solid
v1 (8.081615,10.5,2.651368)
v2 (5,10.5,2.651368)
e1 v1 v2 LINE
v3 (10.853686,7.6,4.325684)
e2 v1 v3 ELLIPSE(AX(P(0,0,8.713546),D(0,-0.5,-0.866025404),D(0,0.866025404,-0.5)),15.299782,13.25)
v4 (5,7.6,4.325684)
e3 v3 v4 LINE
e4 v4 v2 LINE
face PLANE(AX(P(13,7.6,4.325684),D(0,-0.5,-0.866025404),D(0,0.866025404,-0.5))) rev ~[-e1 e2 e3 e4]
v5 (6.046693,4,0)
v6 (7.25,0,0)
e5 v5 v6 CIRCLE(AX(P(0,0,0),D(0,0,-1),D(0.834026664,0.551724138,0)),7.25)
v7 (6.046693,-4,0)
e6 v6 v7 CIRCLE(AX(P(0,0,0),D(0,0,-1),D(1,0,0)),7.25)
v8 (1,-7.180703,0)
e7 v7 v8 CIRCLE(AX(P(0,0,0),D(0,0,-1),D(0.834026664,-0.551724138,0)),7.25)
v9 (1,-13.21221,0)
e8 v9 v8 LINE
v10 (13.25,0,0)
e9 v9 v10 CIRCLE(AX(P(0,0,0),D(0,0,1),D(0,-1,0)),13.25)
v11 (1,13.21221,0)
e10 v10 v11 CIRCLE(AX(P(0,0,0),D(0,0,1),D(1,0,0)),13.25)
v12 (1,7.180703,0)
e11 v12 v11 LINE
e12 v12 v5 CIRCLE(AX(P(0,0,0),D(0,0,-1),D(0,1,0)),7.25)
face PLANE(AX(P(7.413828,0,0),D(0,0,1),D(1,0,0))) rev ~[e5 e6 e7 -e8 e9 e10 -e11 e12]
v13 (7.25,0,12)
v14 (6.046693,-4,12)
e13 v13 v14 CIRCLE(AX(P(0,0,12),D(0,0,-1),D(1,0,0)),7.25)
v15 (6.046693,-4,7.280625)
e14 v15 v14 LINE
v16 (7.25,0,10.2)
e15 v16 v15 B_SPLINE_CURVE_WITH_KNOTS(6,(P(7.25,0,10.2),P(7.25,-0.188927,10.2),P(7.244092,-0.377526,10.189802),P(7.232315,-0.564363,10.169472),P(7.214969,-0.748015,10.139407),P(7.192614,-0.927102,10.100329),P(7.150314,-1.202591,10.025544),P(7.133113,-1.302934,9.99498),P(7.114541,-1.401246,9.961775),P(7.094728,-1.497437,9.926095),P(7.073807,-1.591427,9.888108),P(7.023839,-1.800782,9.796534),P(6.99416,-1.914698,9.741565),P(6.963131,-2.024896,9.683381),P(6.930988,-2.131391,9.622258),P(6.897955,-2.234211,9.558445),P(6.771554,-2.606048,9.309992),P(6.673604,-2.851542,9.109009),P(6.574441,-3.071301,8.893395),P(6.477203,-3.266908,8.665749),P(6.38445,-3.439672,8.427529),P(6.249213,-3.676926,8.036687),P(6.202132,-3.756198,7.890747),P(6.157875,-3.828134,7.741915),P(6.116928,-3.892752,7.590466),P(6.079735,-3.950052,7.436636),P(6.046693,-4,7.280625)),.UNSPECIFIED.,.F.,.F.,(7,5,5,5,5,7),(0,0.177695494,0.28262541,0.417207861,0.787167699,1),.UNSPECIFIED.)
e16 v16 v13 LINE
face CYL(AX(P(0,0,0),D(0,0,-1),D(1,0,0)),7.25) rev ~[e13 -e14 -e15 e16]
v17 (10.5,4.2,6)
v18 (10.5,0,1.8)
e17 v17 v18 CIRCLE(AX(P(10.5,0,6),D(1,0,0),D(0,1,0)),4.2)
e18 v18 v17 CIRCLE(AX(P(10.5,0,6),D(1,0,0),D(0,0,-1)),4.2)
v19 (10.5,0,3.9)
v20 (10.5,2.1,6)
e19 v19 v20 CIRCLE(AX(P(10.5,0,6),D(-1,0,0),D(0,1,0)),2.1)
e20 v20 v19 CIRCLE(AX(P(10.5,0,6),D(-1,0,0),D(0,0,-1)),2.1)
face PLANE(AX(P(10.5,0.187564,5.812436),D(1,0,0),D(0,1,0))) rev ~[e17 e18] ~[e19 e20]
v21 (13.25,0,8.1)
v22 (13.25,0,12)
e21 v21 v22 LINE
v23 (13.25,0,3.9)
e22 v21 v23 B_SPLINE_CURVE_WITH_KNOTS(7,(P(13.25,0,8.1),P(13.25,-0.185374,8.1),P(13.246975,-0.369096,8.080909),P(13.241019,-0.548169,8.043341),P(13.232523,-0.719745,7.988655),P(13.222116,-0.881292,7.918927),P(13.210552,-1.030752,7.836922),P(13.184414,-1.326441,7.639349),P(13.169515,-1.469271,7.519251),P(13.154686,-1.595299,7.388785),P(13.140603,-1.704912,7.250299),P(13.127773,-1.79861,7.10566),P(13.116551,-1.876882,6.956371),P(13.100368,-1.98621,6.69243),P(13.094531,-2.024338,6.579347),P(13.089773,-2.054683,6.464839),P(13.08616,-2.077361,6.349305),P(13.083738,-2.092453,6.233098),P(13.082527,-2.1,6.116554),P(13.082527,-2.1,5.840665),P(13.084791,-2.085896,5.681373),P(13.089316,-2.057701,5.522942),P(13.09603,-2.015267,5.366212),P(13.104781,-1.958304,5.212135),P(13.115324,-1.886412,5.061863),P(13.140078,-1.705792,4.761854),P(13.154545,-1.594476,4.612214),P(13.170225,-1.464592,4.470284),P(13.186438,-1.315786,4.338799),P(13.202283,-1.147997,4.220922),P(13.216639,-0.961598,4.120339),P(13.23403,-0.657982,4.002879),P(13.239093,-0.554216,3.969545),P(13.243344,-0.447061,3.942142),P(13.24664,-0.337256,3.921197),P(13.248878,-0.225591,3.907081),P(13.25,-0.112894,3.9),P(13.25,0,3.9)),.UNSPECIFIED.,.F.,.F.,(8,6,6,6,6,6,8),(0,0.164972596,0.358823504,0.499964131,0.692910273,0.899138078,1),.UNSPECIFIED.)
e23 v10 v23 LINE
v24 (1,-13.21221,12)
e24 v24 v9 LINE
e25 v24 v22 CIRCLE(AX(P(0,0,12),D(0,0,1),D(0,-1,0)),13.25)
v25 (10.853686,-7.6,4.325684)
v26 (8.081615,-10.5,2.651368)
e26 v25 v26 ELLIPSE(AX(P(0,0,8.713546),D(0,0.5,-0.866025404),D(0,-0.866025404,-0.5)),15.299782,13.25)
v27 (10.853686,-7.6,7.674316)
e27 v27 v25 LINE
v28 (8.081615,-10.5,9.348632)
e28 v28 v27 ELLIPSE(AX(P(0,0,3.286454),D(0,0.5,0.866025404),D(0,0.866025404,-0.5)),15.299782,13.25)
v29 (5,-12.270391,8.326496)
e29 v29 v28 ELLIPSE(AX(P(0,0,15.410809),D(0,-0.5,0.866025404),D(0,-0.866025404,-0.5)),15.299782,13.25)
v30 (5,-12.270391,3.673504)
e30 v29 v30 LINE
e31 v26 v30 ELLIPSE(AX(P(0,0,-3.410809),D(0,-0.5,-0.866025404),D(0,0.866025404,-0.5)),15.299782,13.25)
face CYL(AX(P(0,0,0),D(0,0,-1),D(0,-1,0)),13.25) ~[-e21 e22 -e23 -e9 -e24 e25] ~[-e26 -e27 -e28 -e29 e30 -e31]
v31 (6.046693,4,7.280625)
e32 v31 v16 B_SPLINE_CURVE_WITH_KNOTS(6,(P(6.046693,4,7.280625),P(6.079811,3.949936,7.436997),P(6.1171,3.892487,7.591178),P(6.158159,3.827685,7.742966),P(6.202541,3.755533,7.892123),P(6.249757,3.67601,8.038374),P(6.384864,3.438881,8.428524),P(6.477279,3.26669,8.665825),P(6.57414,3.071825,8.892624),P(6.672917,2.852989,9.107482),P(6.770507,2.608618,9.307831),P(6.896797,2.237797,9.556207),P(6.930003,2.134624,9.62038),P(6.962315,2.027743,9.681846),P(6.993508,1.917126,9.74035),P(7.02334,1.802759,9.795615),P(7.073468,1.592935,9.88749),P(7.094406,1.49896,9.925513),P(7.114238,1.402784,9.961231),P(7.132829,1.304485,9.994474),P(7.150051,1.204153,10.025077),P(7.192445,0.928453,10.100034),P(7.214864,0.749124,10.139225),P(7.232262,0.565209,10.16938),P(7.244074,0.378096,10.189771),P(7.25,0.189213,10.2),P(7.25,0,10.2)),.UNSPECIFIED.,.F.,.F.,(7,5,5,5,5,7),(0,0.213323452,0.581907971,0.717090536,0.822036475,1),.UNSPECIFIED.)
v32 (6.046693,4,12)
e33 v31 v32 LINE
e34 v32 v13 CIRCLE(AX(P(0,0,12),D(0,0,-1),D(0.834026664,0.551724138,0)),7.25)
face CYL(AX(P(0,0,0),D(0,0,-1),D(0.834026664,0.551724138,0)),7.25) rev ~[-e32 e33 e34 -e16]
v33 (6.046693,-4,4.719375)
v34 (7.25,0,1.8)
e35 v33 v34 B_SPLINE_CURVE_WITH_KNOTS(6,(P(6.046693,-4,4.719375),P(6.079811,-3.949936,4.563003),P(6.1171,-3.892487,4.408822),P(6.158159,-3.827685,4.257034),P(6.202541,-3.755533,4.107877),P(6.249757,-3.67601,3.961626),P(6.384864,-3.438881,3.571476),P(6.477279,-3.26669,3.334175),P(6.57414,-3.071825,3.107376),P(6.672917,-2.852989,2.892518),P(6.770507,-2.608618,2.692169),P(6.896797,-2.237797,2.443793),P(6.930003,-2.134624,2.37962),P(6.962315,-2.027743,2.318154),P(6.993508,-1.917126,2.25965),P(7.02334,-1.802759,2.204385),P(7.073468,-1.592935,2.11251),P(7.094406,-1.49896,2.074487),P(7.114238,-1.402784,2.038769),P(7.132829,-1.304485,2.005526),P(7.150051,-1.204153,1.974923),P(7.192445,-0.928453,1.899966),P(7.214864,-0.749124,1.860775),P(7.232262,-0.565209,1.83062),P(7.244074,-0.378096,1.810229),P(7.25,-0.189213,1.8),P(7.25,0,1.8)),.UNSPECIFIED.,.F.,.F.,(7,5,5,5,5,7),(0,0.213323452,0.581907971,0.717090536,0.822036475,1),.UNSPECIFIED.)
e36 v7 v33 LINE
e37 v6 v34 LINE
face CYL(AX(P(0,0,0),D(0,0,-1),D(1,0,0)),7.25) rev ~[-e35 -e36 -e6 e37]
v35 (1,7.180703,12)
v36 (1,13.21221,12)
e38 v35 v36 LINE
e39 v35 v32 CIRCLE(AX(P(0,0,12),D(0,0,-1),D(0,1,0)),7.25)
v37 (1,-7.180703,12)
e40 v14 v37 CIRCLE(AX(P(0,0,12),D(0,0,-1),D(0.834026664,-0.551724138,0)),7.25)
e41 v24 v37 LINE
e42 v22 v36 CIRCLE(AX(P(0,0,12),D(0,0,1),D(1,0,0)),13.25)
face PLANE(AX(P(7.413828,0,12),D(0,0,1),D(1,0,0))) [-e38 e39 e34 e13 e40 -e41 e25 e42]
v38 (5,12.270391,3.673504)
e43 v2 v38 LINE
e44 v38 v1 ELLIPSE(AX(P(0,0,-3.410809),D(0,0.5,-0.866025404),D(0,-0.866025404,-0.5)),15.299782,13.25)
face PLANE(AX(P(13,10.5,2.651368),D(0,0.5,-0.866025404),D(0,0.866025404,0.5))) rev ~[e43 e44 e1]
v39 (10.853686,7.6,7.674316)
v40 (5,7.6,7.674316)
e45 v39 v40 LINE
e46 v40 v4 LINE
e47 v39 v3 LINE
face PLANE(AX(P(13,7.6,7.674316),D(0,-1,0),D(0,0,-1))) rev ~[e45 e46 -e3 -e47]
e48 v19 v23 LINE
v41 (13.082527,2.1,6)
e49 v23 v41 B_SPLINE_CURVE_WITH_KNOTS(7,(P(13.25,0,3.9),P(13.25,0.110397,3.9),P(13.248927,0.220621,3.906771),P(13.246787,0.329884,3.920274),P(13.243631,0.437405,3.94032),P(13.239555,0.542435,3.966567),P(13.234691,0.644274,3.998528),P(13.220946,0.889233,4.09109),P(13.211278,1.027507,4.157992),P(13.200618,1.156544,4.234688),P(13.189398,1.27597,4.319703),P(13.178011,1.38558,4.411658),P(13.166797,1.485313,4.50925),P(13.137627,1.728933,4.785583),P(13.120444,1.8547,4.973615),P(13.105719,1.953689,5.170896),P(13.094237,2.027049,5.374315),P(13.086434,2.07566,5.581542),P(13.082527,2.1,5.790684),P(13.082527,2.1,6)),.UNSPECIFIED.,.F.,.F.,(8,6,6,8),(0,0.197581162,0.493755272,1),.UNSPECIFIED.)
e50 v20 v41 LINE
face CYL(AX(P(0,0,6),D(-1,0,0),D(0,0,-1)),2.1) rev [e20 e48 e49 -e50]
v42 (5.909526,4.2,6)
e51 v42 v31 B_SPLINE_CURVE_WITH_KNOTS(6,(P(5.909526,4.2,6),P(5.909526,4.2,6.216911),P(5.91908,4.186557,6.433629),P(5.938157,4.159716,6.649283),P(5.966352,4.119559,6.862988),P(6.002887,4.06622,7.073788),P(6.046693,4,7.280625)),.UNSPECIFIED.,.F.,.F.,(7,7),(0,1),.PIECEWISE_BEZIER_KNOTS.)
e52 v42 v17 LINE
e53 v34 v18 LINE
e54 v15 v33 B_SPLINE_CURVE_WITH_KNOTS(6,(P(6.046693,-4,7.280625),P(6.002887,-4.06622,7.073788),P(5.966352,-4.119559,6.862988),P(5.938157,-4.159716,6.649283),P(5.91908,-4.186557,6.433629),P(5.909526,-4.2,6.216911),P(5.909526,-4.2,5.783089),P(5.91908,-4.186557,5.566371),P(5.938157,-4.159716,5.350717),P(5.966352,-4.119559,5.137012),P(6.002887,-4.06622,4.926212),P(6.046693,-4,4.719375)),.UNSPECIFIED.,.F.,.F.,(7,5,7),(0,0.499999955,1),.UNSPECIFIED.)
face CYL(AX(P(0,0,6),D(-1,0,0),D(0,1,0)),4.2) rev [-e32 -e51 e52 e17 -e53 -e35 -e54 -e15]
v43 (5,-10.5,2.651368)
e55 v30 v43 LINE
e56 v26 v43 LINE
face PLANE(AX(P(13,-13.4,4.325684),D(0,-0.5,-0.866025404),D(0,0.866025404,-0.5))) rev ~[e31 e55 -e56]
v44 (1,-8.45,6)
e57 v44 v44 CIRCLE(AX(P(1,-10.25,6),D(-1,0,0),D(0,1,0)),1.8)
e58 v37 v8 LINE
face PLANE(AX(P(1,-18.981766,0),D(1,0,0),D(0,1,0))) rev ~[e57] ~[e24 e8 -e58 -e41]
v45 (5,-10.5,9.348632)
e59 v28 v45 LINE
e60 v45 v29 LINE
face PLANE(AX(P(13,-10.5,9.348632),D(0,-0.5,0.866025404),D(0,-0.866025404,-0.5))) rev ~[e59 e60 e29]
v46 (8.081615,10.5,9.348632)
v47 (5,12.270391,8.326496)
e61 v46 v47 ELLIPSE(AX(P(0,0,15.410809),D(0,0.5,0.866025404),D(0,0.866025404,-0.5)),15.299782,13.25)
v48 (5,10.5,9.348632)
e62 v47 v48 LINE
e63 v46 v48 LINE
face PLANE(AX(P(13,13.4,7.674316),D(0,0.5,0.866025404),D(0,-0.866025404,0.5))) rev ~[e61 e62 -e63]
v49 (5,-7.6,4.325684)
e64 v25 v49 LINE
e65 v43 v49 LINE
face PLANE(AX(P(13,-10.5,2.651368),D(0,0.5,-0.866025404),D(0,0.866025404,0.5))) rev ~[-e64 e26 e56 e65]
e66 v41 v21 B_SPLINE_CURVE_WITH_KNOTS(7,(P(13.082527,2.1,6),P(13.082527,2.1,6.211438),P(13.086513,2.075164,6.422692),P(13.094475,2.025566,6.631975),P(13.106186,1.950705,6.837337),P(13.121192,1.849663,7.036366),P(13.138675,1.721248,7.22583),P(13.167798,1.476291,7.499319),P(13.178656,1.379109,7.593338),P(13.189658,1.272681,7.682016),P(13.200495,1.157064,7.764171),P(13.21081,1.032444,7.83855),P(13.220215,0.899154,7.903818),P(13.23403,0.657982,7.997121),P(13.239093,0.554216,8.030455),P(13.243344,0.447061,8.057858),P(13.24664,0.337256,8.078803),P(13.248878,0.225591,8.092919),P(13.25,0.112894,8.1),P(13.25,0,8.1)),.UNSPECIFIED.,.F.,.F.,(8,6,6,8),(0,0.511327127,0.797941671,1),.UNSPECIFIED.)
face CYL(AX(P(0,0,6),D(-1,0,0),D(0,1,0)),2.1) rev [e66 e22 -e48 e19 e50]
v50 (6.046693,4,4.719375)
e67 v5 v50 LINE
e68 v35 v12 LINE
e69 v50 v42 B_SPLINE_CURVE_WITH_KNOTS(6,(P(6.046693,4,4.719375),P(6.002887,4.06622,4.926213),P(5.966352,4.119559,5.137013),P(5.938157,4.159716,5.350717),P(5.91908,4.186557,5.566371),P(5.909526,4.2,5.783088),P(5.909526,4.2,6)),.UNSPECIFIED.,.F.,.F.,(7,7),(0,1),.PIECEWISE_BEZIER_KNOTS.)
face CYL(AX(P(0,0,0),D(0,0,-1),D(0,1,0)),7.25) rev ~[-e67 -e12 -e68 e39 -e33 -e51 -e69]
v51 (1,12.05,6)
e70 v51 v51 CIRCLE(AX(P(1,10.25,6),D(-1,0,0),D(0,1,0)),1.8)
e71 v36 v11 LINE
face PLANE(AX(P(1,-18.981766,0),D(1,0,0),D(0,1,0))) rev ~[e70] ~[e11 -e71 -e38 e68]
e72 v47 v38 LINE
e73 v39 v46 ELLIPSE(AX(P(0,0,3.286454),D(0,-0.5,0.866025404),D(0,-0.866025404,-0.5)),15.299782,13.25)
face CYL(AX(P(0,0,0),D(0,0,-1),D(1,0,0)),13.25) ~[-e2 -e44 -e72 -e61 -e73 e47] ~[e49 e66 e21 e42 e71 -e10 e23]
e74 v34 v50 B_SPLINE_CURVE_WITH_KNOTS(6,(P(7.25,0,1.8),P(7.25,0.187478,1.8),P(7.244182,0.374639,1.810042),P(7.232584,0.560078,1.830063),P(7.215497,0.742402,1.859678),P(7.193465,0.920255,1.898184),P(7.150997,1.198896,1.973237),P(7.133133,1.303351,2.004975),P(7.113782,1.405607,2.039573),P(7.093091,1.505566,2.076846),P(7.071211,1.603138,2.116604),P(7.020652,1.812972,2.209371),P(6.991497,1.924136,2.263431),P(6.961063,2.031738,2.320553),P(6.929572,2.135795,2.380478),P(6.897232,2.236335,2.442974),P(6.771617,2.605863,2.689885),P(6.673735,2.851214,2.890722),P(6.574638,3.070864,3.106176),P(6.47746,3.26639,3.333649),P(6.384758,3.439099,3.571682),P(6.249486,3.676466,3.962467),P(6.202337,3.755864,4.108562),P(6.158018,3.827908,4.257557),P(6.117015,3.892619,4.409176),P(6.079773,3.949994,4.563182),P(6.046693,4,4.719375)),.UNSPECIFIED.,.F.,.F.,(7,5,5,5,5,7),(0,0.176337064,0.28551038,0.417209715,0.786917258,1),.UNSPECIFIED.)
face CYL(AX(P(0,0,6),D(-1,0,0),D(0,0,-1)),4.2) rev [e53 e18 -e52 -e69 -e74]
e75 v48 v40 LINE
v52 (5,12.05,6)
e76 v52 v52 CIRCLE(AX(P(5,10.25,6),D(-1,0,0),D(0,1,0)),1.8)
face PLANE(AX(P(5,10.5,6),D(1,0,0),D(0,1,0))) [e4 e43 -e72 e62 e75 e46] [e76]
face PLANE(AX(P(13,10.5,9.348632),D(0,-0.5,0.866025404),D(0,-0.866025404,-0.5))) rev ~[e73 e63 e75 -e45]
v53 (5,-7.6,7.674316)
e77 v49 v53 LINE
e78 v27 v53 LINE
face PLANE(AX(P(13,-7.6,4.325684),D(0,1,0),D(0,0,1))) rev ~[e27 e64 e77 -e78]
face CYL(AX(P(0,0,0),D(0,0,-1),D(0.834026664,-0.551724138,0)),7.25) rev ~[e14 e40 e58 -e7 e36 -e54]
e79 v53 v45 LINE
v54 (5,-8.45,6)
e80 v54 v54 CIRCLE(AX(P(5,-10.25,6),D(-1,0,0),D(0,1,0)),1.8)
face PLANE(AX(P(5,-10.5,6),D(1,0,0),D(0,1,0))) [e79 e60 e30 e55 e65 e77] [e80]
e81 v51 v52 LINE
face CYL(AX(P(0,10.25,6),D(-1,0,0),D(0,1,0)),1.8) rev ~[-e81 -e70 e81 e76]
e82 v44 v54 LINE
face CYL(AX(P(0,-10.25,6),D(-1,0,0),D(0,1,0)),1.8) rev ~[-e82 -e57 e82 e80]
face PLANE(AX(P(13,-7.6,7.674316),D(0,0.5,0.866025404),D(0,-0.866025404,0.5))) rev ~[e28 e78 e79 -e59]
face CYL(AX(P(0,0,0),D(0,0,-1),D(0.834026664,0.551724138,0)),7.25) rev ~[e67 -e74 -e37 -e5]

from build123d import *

# Parameters (mm, degrees)
F1_DEPTH  = 12
F3_DEPTH  = 10.5
F4_DEPTH  = 25
F7_DEPTH  = 25
F9_DEPTH  = 25
F12_DEPTH = 8
F13_W     = 1
F13_H     = 20
F13_H_2   = 18.9817659557
F14_DEPTH = 12.5


with BuildPart() as f1:
    # F0 (on Top) → F1 (new body)
    with BuildSketch(Plane.XY):
        with BuildLine():
            Line((11.25, 4), (11.25, 0))
            Line((11.25, 0), (11.25, -4))
            Line((11.25, -4), (10.5148704224, -4))
            ThreePointArc((10.5148704224, -4), (6.3860198872, -9.2618167764), (0, -11.25))
            Line((0, -11.25), (0, -13.25))
            ThreePointArc((0, -13.25), (9.3691648507, -9.3691648507), (13.25, 0))
            ThreePointArc((13.25, 0), (9.3691648507, 9.3691648507), (0, 13.25))
            Line((0, 13.25), (0, 11.25))
            ThreePointArc((0, 11.25), (6.3860198872, 9.2618167764), (10.5148704224, 4))
            Line((10.5148704224, 4), (11.25, 4))
        make_face()
        with BuildLine():
            Line((10.5148704224, -4), (6.0466933112, -4))
            ThreePointArc((6.0466933112, -4), (3.4323825544, -6.3860198872), (0, -7.25))
            Line((0, -7.25), (0, -11.25))
            ThreePointArc((0, -11.25), (6.3860198872, -9.2618167764), (10.5148704224, -4))
        make_face()
        with BuildLine():
            Line((11.25, 0), (7.25, 0))
            ThreePointArc((7.25, 0), (6.9426589469, -2.0885369872), (6.0466933112, -4))
            Line((6.0466933112, -4), (10.5148704224, -4))
            ThreePointArc((10.5148704224, -4), (11.0646914158, -2.0334954817), (11.25, 0))
        make_face()
        with BuildLine():
            ThreePointArc((6.0466933112, 4), (6.9426589469, 2.0885369872), (7.25, 0))
            Line((7.25, 0), (11.25, 0))
            ThreePointArc((11.25, 0), (11.0646914158, 2.0334954817), (10.5148704224, 4))
            Line((10.5148704224, 4), (6.0466933112, 4))
        make_face()
        with BuildLine():
            ThreePointArc((10.5148704224, 4), (11.0646914158, 2.0334954817), (11.25, 0))
            Line((11.25, 0), (11.25, 4))
            Line((11.25, 4), (10.5148704224, 4))
        make_face()
        with BuildLine():
            Line((11.25, -4), (11.25, 0))
            ThreePointArc((11.25, 0), (11.0646914158, -2.0334954817), (10.5148704224, -4))
            Line((10.5148704224, -4), (11.25, -4))
        make_face()
        with BuildLine():
            ThreePointArc((0, 7.25), (3.4323825544, 6.3860198872), (6.0466933112, 4))
            Line((6.0466933112, 4), (10.5148704224, 4))
            ThreePointArc((10.5148704224, 4), (6.3860198872, 9.2618167764), (0, 11.25))
            Line((0, 11.25), (0, 7.25))
        make_face()
    extrude(amount=F1_DEPTH)

    # F2 (on Right) → F3 (cut)
    with BuildSketch(Plane.YZ):
        with BuildLine():
            ThreePointArc((4.2, 6), (-2.969848481, 8.969848481), (0, 1.8))
            ThreePointArc((0, 1.8), (2.969848481, 3.030151519), (4.2, 6))
        make_face()
        with BuildLine():
            ThreePointArc((2.1, 6), (1.4849242405, 4.5150757595), (0, 3.9))
            ThreePointArc((0, 3.9), (-1.4849242405, 7.4849242405), (2.1, 6))
        make_face(mode=Mode.SUBTRACT)
        with BuildLine():
            ThreePointArc((2.1, 6), (-1.4849242405, 7.4849242405), (0, 3.9))
            ThreePointArc((0, 3.9), (1.4849242405, 4.5150757595), (2.1, 6))
        make_face()
    extrude(amount=F3_DEPTH, mode=Mode.SUBTRACT)

    # F2 (on Right) → F4 (cut)
    with BuildSketch(Plane.YZ):
        with BuildLine():
            ThreePointArc((2.1, 6), (-1.4849242405, 7.4849242405), (0, 3.9))
            ThreePointArc((0, 3.9), (1.4849242405, 4.5150757595), (2.1, 6))
        make_face()
    extrude(amount=F4_DEPTH, mode=Mode.SUBTRACT)

    # F6 (on face) → F7 (cut)
    with BuildSketch(Plane(origin=(0, 0, 0), x_dir=(0, -1, 0), z_dir=(-1, 0, 0))):
        with BuildLine():
            ThreePointArc((12.05, 6), (10.25, 7.8), (8.45, 6))
            Line((8.45, 6), (12.05, 6))
        make_face()
        with BuildLine():
            Line((12.05, 6), (8.45, 6))
            ThreePointArc((8.45, 6), (10.25, 4.2), (12.05, 6))
        make_face()
    extrude(amount=-F7_DEPTH, mode=Mode.SUBTRACT)

    # F8 (on face) → F9 (cut)
    with BuildSketch(Plane(origin=(0, 0, 0), x_dir=(0, -1, 0), z_dir=(-1, 0, 0))):
        with BuildLine():
            Line((-12.05, 6), (-8.45, 6))
            ThreePointArc((-8.45, 6), (-10.25, 7.8), (-12.05, 6))
        make_face()
        with BuildLine():
            ThreePointArc((-12.05, 6), (-10.25, 4.2), (-8.45, 6))
            Line((-8.45, 6), (-12.05, 6))
        make_face()
    extrude(amount=-F9_DEPTH, mode=Mode.SUBTRACT)

    # F11 (on offset) → F12 (cut)
    with BuildSketch(Plane.YZ.offset(13)):
        Polygon((-7.6, 4.3256842194), (-7.6, 6), (-7.6, 7.6743157806), (-10.5, 9.3486315613), (-13.4, 7.6743157806), (-13.4, 4.3256842194), (-10.5, 2.6513684387), align=None)
        Polygon((7.6, 7.6743157806), (7.6, 6), (7.6, 4.3256842194), (10.5, 2.6513684387), (13.4, 4.3256842194), (13.4, 7.6743157806), (10.5, 9.3486315613), align=None)
    extrude(amount=-F12_DEPTH, mode=Mode.SUBTRACT)

    # F13 (on Top) → F14 (cut, symmetric)
    with BuildSketch(Plane.XY):
        with Locations((0.5, 10)):
            Rectangle(F13_W, F13_H)
        with Locations((0.5, -9.4908829778)):
            Rectangle(F13_W, F13_H_2)
    extrude(amount=F14_DEPTH, both=True, mode=Mode.SUBTRACT)


solid = f1.part
